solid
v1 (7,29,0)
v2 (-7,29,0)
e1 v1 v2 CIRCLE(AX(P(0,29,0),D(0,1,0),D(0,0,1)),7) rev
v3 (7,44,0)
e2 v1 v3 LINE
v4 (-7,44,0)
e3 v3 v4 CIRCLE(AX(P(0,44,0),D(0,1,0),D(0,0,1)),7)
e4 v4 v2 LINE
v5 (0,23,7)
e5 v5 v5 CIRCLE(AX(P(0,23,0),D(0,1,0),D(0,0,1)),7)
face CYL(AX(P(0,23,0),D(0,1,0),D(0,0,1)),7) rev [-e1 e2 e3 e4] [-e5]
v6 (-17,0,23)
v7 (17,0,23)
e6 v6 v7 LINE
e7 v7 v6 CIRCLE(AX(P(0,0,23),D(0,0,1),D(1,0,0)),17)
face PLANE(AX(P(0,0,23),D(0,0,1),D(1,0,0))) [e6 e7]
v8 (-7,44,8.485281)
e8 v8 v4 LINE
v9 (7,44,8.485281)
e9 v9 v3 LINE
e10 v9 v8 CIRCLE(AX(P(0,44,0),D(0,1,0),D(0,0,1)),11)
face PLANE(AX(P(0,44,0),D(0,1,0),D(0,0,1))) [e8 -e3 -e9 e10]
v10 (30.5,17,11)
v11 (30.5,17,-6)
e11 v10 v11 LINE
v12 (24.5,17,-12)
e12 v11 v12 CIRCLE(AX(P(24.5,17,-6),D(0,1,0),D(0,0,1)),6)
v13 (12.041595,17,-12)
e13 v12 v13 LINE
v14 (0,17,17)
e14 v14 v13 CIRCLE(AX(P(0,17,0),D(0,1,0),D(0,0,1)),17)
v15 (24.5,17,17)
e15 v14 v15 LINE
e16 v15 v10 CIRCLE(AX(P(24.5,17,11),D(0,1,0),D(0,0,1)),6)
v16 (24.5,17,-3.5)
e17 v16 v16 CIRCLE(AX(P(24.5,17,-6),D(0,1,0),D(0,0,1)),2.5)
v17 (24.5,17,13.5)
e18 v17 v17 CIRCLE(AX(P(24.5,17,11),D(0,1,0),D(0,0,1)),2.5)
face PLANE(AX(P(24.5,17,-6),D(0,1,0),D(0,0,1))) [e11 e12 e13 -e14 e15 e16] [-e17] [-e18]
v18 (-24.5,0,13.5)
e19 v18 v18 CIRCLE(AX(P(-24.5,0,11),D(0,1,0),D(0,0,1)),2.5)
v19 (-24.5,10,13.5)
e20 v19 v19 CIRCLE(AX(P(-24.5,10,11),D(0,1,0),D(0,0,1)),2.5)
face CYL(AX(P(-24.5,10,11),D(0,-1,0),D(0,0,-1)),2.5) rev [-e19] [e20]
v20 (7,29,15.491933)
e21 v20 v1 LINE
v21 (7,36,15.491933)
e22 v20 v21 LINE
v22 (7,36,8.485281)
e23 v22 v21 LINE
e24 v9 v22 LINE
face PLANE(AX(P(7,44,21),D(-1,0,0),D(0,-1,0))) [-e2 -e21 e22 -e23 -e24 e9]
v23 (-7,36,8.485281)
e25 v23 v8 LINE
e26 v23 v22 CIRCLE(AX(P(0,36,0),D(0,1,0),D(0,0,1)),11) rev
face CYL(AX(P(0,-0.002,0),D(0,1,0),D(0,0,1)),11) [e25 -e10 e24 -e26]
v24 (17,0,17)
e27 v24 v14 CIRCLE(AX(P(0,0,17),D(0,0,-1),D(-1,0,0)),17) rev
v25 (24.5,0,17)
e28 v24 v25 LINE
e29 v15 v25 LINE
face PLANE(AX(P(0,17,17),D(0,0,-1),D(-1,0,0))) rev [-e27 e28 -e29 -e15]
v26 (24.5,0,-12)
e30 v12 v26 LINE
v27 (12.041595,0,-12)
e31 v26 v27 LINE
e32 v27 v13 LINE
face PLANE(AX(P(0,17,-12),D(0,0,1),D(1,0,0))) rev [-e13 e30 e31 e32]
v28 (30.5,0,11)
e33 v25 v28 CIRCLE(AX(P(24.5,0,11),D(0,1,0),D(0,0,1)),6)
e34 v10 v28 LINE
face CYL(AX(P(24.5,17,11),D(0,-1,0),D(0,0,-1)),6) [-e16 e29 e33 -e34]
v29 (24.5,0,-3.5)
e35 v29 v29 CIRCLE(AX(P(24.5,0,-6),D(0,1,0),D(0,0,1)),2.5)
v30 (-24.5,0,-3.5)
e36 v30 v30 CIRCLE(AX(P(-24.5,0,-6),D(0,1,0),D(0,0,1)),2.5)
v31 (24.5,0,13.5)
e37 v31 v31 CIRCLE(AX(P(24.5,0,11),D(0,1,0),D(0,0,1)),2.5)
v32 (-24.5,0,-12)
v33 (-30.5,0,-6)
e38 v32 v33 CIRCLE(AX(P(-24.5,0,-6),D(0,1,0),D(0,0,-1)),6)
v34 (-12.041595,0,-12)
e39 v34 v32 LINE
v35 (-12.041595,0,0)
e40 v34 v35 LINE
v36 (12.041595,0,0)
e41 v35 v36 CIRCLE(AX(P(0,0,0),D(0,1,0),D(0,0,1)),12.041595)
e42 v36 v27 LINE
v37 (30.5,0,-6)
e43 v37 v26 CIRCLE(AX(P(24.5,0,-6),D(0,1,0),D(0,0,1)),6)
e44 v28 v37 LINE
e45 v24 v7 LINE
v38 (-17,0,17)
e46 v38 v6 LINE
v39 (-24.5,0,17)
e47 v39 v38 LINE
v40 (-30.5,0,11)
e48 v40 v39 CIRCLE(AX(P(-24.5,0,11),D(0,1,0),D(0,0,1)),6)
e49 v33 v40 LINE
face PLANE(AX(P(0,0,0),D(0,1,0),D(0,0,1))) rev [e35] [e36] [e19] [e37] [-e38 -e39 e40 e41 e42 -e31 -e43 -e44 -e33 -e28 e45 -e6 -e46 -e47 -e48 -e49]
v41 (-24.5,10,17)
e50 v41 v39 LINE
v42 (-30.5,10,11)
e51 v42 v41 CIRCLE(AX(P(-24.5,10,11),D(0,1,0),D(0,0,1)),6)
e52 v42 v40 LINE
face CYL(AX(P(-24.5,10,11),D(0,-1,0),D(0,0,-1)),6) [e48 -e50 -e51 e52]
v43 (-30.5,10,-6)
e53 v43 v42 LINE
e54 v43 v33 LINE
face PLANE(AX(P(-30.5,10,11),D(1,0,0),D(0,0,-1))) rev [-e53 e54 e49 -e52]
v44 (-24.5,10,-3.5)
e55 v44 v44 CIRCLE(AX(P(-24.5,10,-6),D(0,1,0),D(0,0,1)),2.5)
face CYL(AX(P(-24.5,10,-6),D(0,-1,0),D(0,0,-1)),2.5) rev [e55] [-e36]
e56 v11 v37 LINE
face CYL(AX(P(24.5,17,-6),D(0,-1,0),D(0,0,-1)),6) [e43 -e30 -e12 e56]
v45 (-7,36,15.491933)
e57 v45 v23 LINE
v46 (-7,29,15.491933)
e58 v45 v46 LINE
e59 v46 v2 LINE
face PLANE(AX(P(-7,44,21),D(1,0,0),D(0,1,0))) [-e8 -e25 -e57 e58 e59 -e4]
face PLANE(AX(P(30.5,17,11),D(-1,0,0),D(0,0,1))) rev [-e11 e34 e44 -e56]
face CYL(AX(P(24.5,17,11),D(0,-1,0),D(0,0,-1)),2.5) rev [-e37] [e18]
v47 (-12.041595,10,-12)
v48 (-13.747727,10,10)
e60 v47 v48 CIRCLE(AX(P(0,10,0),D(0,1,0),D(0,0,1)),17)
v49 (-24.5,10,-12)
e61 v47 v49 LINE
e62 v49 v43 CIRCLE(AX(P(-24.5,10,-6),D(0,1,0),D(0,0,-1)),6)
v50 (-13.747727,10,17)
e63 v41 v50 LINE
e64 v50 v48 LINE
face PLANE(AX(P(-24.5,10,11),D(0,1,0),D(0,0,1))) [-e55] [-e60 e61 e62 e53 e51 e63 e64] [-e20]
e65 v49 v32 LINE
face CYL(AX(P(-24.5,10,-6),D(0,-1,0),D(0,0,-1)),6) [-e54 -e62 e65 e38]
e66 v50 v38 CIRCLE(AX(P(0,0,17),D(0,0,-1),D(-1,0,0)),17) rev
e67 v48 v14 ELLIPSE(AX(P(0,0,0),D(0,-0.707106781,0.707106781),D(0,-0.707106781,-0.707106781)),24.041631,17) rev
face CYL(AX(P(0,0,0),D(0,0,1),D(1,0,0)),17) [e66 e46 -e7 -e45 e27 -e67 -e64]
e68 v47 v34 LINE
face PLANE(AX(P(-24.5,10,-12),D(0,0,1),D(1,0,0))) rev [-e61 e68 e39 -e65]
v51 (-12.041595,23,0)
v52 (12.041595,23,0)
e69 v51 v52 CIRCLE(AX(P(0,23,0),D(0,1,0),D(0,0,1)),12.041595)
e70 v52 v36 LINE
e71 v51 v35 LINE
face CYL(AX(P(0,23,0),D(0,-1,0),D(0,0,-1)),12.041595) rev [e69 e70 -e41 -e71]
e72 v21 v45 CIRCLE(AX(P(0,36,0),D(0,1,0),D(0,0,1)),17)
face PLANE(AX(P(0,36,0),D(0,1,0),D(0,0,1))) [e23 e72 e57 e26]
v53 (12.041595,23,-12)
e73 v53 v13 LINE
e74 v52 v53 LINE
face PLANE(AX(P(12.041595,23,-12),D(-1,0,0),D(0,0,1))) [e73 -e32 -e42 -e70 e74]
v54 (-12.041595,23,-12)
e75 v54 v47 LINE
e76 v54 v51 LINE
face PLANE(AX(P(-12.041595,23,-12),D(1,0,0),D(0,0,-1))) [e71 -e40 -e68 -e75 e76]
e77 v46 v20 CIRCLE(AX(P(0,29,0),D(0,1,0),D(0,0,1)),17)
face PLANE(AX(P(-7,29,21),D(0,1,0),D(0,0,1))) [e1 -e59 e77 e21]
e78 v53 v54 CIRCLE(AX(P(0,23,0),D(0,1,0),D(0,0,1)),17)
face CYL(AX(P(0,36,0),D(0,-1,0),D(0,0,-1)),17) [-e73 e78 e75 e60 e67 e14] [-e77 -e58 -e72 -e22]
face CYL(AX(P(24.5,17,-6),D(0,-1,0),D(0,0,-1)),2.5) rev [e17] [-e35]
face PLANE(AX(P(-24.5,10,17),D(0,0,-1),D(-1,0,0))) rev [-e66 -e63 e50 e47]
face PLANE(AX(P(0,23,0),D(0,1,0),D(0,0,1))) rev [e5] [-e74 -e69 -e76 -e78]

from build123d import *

# Parameters (mm, degrees)
SKETCH_2_R          = 17
EXTRUDE_1_DEPTH     = 36
EXTRUDE_3_REACH     = 52.14
SKETCH_4_R          = 11
SKETCH_5_R          = 7
CUT_EXTRUDE_1_DEPTH = 21
SKETCH_6_W          = 14
SKETCH_6_H          = 15
CUT_EXTRUDE_2_DEPTH = 21
EXTRUDE_5_DEPTH     = 23
SKETCH_8_R          = 2.5
EXTRUDE_6_DEPTH     = 17
SKETCH_9_R          = 2.5
EXTRUDE_7_DEPTH     = 10
CUT_EXTRUDE_3_DEPTH = 23


with BuildPart() as part:
    # 草图2 → 凸台-拉伸1 (new body)
    with BuildSketch(Plane(origin=(0, 0, 0), x_dir=(1, 0, 0), z_dir=(0, 1, 0))):
        with Locations(Location((0, 0, 0), (0, 0, 270))):
            Circle(SKETCH_2_R)
    extrude(amount=EXTRUDE_1_DEPTH)

    # 草图4 → 凸台-拉伸3 (add, up to next)
    with BuildSketch(Plane(origin=(0, 44, 0), x_dir=(1, 0, 0), z_dir=(0, 1, 0)), mode=Mode.PRIVATE) as extrude_3_sk1:
        with Locations(Location((0, 0, 0), (0, 0, 270))):
            Circle(SKETCH_4_R)
    extrude_3_tool1 = extrude(extrude_3_sk1.sketch, amount=-EXTRUDE_3_REACH, mode=Mode.PRIVATE) - part.part
    add(extrude_3_tool1.solids().sort_by_distance((0, 44, 0))[0])

    # 草图5 → 切除-拉伸1 (cut)
    with BuildSketch(Plane(origin=(0, 44, 0), x_dir=(1, 0, 0), z_dir=(0, 1, 0))):
        with Locations(Location((0, 0, 0), (0, 0, 270))):
            Circle(SKETCH_5_R)
    extrude(amount=-CUT_EXTRUDE_1_DEPTH, mode=Mode.SUBTRACT)

    # 草图6 → 切除-拉伸2 (cut)
    with BuildSketch(Plane.XY):
        with Locations((0, 36.5)):
            Rectangle(SKETCH_6_W, SKETCH_6_H)
    extrude(amount=CUT_EXTRUDE_2_DEPTH, mode=Mode.SUBTRACT)

    # 草图7 → 凸台-拉伸5 (add)
    with BuildSketch(Plane.XY.offset(23)):
        with BuildLine():
            Line((-17, 0), (17, 0))
            ThreePointArc((17, 0), (0, 17), (-17, 0))
        make_face()
    extrude(amount=-EXTRUDE_5_DEPTH)

    # 草图8 → 凸台-拉伸6 (add)
    with BuildSketch(Plane(origin=(0, 0, 0), x_dir=(1, 0, 0), z_dir=(0, 1, 0))):
        with BuildLine():
            Line((0, 12), (0, -17))
            Line((0, -17), (24.5, -17))
            ThreePointArc((24.5, -17), (28.742640687, -15.242640687), (30.5, -11))
            Line((30.5, -11), (30.5, 6))
            ThreePointArc((30.5, 6), (28.742640687, 10.242640687), (24.5, 12))
            Line((24.5, 12), (0, 12))
        make_face()
        with Locations(Location((24.5, 6, 0), (0, 0, 270))):
            Circle(SKETCH_8_R, mode=Mode.SUBTRACT)
        with Locations(Location((24.5, -11, 0), (0, 0, 270))):
            Circle(SKETCH_8_R, mode=Mode.SUBTRACT)
    extrude(amount=EXTRUDE_6_DEPTH)

    # 草图9 → 凸台-拉伸7 (add)
    with BuildSketch(Plane(origin=(0, 0, 0), x_dir=(1, 0, 0), z_dir=(0, 1, 0))):
        with BuildLine():
            Line((0, 12), (0, -17))
            Line((0, -17), (-24.5, -17))
            ThreePointArc((-24.5, -17), (-28.742640687, -15.242640687), (-30.5, -11))
            Line((-30.5, -11), (-30.5, 6))
            ThreePointArc((-30.5, 6), (-28.742640687, 10.242640687), (-24.5, 12))
            Line((-24.5, 12), (0, 12))
        make_face()
        with Locations(Location((-24.5, 6, 0), (0, 0, 270))):
            Circle(SKETCH_9_R, mode=Mode.SUBTRACT)
        with Locations(Location((-24.5, -11, 0), (0, 0, 270))):
            Circle(SKETCH_9_R, mode=Mode.SUBTRACT)
    extrude(amount=EXTRUDE_7_DEPTH)

    # 草图10 → 切除-拉伸3 (cut)
    with BuildSketch(Plane(origin=(0, 0, 0), x_dir=(1, 0, 0), z_dir=(0, 1, 0))):
        with BuildLine():
            Line((-12.041594579, 12), (-12.041594579, 0))
            ThreePointArc((-12.041594579, 0), (0, -12.041594579), (12.041594579, 0))
            Line((12.041594579, 0), (12.041594579, 12))
            ThreePointArc((12.041594579, 12), (0, 17), (-12.041594579, 12))
        make_face()
    extrude(amount=CUT_EXTRUDE_3_DEPTH, mode=Mode.SUBTRACT)


solid = part.part
